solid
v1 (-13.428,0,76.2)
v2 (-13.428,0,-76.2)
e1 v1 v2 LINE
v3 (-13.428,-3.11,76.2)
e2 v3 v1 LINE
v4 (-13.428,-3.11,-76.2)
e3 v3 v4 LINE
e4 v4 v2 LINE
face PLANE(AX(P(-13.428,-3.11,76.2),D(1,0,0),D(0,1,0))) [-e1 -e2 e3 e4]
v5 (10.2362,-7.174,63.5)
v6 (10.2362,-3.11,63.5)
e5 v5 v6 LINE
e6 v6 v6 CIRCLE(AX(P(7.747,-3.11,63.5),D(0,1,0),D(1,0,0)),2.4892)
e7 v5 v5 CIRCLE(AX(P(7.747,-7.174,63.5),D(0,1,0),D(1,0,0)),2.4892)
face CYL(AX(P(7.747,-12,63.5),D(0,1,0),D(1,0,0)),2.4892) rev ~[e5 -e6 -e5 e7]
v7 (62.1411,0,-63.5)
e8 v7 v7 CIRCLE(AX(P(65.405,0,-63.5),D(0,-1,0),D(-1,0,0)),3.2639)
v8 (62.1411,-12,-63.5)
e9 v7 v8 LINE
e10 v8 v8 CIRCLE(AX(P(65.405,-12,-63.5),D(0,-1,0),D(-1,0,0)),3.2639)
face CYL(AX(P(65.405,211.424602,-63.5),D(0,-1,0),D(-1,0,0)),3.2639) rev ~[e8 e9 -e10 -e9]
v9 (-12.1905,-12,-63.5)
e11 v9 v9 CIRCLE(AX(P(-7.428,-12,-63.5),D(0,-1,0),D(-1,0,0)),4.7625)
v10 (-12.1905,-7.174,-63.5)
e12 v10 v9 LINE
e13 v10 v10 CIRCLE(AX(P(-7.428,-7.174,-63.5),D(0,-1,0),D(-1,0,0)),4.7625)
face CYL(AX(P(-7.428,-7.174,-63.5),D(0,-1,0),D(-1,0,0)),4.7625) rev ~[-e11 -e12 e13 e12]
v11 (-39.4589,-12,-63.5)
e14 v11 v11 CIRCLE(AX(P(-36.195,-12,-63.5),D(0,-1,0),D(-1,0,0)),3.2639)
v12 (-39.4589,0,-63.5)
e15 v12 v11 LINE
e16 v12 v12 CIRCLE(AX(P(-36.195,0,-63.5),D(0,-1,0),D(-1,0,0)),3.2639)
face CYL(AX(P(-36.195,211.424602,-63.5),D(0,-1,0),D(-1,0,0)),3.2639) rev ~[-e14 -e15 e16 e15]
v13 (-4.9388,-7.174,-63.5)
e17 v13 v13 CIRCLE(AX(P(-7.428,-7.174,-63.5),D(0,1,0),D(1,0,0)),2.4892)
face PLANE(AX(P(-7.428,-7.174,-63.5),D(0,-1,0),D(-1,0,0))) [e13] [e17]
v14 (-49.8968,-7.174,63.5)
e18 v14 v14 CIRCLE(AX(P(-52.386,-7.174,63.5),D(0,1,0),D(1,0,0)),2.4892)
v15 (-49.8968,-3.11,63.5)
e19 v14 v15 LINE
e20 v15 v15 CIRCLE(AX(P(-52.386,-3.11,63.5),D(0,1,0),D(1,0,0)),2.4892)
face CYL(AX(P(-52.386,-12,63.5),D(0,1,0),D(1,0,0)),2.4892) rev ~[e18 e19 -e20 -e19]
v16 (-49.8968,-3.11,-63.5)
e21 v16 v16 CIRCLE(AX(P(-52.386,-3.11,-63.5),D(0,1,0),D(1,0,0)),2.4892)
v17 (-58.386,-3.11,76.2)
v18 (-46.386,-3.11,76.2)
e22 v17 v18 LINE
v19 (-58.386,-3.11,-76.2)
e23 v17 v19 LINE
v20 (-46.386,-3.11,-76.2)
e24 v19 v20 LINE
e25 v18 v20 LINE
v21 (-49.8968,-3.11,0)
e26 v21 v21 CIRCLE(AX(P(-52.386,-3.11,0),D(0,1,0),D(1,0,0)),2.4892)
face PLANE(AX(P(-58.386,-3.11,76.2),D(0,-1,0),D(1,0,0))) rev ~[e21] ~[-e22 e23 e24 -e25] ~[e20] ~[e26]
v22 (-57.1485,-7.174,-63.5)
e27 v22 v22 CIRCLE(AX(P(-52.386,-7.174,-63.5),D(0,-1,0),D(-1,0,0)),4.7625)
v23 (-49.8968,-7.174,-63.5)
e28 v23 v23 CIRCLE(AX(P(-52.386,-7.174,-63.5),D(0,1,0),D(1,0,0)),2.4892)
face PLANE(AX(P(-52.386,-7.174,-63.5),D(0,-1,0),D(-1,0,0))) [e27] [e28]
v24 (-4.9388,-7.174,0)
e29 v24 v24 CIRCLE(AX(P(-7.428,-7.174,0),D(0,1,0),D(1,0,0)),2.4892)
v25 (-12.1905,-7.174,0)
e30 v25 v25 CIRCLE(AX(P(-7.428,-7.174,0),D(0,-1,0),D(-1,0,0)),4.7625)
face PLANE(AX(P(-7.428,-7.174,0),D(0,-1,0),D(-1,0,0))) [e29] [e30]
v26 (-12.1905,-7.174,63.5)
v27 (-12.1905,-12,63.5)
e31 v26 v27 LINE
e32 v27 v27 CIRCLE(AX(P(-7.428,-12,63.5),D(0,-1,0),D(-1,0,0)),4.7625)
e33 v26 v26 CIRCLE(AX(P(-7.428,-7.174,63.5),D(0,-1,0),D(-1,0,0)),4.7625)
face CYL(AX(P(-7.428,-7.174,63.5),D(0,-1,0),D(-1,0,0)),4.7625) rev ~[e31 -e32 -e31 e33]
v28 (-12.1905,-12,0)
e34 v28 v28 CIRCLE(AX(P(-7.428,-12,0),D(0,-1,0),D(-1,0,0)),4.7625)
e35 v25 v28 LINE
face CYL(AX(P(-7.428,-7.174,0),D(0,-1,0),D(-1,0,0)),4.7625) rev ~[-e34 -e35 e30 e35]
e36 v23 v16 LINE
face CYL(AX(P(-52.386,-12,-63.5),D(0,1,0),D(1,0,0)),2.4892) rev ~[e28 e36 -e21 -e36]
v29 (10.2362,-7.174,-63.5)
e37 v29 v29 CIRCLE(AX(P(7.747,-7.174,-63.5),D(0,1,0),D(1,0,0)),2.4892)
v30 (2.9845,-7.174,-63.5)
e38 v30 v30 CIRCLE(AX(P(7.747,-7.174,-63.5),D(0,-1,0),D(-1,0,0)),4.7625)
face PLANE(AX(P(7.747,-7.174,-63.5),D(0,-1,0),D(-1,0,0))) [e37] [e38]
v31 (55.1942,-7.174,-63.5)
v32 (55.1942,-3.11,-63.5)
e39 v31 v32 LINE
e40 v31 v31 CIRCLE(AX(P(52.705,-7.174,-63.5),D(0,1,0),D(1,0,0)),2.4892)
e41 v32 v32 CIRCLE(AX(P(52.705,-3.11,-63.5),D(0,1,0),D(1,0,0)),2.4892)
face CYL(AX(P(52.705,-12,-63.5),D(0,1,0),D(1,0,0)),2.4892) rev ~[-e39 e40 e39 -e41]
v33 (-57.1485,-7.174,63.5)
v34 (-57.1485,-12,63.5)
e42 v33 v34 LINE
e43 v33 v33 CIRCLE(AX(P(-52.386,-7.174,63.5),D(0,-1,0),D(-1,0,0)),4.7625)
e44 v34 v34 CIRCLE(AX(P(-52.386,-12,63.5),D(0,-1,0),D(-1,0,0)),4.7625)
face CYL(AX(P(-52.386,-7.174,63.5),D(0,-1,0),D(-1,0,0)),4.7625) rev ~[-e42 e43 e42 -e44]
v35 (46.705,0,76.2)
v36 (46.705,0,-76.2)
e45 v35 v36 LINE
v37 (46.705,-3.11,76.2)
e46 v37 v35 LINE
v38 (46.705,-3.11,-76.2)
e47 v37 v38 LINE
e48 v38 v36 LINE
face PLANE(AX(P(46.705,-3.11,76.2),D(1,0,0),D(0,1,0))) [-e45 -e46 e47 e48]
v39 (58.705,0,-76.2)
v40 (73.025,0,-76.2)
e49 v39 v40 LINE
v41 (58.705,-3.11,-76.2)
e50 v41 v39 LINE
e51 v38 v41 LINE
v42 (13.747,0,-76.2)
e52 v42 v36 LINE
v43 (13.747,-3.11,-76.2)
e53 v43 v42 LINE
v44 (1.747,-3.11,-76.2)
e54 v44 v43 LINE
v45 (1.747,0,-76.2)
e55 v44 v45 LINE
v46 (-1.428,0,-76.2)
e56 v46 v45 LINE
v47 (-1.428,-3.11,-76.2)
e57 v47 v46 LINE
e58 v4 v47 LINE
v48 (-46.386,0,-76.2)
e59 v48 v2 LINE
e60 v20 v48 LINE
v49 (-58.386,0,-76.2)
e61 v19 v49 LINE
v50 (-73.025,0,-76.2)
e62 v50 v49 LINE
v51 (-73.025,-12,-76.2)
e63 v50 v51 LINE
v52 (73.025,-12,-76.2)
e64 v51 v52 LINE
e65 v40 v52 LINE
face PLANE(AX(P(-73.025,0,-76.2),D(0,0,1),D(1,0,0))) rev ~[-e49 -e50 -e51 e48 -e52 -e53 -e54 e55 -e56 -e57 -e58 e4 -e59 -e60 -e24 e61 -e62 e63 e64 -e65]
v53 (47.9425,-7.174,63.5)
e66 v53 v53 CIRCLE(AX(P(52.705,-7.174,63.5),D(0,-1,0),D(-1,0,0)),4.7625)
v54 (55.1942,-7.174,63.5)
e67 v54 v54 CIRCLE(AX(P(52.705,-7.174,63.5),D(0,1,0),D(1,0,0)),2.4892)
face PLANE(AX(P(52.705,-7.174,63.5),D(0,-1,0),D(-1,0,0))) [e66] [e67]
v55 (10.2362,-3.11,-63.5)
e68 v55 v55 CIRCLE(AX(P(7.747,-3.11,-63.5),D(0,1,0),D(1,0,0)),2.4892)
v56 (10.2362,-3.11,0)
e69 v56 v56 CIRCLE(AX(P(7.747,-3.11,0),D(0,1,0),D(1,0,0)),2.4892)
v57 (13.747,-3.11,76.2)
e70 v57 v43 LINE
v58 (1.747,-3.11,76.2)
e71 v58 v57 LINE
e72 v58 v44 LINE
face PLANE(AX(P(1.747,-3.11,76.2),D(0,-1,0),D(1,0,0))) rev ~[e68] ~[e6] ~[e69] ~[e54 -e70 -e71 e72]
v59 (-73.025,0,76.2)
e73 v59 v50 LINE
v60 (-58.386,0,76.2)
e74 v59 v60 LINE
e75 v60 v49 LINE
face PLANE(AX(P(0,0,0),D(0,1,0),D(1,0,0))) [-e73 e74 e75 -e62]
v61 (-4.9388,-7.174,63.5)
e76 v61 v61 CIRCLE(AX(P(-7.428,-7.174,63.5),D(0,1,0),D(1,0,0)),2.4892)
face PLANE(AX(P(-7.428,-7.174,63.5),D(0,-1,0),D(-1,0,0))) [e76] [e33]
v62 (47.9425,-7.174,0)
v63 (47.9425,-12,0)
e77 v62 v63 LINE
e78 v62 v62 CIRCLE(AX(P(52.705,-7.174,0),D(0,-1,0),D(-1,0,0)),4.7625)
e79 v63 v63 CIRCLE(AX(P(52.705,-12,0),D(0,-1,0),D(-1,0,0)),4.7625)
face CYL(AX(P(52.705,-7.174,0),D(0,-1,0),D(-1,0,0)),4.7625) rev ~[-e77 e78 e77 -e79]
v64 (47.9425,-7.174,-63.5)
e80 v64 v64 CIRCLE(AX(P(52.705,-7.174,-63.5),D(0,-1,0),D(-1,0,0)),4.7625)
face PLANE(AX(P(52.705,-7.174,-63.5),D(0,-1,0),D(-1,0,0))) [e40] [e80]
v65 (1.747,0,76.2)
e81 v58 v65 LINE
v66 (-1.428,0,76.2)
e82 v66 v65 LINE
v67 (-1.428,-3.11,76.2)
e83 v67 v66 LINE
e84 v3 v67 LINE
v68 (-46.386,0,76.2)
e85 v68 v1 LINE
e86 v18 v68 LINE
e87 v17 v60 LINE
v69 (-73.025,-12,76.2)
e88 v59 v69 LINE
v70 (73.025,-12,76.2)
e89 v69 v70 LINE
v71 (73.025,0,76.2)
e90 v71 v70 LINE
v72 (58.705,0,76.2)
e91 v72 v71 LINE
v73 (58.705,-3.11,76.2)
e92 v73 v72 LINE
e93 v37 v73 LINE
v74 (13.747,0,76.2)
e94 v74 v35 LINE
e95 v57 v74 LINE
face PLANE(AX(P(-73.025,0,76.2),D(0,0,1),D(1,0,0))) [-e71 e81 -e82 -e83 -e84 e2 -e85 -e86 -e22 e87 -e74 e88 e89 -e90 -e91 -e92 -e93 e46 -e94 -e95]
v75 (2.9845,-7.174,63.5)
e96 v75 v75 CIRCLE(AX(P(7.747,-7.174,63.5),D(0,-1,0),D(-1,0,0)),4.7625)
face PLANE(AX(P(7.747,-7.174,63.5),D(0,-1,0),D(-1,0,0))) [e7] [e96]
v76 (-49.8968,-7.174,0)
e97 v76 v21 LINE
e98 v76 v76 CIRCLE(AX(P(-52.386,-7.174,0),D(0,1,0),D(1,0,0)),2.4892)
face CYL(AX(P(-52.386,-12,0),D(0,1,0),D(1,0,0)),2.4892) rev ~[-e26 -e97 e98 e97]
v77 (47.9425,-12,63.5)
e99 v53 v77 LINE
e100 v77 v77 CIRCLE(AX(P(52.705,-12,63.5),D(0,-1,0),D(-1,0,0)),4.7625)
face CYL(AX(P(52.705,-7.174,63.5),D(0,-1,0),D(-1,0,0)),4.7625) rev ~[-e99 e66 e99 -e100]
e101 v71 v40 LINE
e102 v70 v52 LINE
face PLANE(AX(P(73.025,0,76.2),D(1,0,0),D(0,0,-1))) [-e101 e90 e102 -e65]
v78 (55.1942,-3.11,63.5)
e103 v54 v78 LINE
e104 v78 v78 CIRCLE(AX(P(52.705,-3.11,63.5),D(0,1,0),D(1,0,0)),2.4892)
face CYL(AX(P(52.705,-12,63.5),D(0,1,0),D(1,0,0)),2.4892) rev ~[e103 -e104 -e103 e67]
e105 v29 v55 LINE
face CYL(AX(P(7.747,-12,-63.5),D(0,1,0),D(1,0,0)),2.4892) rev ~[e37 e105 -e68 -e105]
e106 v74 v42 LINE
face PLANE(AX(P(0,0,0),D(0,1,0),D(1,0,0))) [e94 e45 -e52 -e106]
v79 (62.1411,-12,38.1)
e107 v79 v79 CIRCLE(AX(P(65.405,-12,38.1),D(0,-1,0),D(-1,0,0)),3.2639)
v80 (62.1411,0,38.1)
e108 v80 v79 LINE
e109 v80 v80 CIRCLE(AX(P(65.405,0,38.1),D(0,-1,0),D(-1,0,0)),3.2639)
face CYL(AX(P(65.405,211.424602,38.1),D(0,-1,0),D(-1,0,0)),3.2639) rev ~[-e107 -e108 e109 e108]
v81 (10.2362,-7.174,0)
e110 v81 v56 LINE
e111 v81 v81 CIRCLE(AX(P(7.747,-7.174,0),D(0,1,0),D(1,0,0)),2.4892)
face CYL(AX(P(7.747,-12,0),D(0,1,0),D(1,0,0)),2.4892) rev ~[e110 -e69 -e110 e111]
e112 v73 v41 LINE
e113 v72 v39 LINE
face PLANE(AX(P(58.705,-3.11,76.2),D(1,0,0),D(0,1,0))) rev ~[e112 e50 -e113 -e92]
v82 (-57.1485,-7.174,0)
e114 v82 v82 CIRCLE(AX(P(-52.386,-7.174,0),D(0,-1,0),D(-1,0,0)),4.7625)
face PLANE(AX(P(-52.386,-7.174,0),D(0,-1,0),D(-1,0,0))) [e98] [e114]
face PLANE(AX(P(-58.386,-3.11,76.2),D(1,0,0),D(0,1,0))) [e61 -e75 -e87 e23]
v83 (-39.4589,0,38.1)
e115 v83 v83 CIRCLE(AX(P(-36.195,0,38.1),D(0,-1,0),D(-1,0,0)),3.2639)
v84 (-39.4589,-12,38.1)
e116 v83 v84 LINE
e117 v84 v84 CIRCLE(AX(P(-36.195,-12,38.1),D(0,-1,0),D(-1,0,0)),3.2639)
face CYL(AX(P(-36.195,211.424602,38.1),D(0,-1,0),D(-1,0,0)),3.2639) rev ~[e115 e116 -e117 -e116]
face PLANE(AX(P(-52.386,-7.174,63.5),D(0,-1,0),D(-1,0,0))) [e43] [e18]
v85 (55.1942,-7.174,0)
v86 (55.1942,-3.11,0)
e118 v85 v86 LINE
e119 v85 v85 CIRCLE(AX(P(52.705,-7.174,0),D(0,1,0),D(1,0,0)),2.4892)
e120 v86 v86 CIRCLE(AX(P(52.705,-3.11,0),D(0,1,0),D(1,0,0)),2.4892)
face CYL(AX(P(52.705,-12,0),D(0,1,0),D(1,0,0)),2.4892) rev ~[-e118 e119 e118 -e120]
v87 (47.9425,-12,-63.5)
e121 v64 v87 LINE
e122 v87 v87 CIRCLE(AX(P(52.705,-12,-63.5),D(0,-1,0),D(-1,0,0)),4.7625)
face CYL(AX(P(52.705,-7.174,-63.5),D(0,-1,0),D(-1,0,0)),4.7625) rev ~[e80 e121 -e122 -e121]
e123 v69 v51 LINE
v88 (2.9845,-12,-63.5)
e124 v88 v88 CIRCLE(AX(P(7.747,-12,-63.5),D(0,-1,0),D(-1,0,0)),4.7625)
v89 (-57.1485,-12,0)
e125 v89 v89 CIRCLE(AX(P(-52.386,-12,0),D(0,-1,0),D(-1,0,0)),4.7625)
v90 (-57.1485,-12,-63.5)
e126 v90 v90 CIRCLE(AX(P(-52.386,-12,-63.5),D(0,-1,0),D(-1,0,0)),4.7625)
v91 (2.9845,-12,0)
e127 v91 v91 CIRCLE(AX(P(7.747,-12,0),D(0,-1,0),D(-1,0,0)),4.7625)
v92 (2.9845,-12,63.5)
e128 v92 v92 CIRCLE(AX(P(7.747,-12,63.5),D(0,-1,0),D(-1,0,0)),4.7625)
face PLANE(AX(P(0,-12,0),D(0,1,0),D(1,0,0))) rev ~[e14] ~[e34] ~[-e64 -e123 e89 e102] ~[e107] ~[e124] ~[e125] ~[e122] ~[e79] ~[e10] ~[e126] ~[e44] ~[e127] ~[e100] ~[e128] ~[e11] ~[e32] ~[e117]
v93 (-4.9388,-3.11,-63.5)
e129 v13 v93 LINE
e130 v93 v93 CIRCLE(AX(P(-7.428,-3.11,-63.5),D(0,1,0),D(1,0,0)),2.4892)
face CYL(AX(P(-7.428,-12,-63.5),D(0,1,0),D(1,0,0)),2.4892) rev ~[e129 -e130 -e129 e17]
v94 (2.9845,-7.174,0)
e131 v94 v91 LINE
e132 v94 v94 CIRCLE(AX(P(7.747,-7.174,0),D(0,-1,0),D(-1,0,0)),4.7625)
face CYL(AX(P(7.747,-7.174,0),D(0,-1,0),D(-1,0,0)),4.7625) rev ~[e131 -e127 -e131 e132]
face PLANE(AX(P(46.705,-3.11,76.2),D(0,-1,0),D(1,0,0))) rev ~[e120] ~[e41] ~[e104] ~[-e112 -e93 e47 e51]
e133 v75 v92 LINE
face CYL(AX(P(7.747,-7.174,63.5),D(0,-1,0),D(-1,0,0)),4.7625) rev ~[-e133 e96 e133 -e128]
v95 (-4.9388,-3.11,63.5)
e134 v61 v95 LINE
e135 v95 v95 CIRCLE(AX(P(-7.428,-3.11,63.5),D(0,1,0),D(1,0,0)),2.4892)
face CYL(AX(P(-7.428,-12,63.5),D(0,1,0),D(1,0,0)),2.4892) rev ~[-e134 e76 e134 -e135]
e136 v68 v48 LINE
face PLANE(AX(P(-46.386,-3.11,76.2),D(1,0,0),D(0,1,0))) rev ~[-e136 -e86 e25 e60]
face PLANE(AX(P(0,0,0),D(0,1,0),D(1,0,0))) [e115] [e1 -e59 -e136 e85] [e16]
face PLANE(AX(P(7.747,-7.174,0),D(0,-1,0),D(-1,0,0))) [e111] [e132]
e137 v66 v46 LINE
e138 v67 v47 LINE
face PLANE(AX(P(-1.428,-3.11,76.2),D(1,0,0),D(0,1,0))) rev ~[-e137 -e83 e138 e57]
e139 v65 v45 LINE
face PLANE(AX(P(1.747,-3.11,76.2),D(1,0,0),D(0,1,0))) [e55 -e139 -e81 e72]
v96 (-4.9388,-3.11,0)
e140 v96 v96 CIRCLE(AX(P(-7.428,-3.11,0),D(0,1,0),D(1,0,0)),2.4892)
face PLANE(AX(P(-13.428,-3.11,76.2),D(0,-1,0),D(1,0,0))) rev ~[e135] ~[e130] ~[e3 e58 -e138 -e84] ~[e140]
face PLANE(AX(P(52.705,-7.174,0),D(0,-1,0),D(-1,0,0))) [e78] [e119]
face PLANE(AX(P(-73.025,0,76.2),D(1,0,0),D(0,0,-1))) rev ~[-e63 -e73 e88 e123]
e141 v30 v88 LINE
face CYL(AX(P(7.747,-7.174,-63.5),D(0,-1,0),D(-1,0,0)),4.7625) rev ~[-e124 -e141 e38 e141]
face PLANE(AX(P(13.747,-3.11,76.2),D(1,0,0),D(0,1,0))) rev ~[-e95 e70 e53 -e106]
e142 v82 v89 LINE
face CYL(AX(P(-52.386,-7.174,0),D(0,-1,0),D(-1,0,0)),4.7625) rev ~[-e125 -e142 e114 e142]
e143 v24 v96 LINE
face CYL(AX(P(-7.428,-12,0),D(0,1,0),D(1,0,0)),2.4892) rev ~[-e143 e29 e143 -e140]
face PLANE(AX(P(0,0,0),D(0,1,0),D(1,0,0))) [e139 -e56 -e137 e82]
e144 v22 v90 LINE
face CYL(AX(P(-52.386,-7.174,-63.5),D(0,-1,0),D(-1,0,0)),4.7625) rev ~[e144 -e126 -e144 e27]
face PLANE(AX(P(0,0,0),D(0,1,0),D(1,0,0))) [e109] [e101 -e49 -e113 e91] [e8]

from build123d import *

# Parameters (mm, degrees)
SKETCH1_W                                       = 146.05
SKETCH1_H                                       = 152.4
BOSS_EXTRUDE1_DEPTH                             = 12
F_1_4_CLEARANCE_HOLE1_D                         = 6.5278
SKETCH4_W                                       = 12
SKETCH4_H                                       = 3.11
CUT_EXTRUDE1_DEPTH                              = 170.417858046
CBORE_FOR_10_SOCKET_HEAD_CAP_SCREW1_D           = 4.9784
CBORE_FOR_10_SOCKET_HEAD_CAP_SCREW1_CBORE_D     = 9.525
CBORE_FOR_10_SOCKET_HEAD_CAP_SCREW1_CBORE_DEPTH = 4.826
LPATTERN1_COUNT                                 = 2
LPATTERN1_PITCH                                 = 44.958
LPATTERN1_COUNT_DIR2                            = 2
LPATTERN1_PITCH_DIR2                            = 60.132999876


with BuildPart() as part:
    # Sketch1 → Boss-Extrude1 (new body)
    with BuildSketch(Plane(origin=(0, 0, 0), x_dir=(1, 0, 0), z_dir=(0, 1, 0))):
        Rectangle(SKETCH1_W, SKETCH1_H)
    extrude(amount=-BOSS_EXTRUDE1_DEPTH)

    # 1/4 Clearance Hole1 (through all)
    with Locations(Plane(origin=(0, 0, 0), x_dir=(1, 0, 0), z_dir=(0, 1, 0))):
        with Locations((-36.195, 63.5), (-36.195, -38.1), (65.405, -38.1), (65.405, 63.5)):
            Hole(F_1_4_CLEARANCE_HOLE1_D / 2)

    # Sketch4 → Cut-Extrude1 (cut, through all)
    with BuildSketch(Plane.XY.offset(76.2)):
        with Locations((52.705, -1.555)):
            Rectangle(SKETCH4_W, SKETCH4_H)
    cut_extrude1 = extrude(amount=-CUT_EXTRUDE1_DEPTH, mode=Mode.SUBTRACT)

    # CBORE for #10 Socket Head Cap Screw1 (through all)
    with Locations(Plane(origin=(0, -12, 0), x_dir=(-1, 0, 0), z_dir=(0, -1, 0))):
        with Locations((-52.705, -63.5), (-52.705, 63.5), (-52.705, 0)):
            cbore_for_10_socket_head_cap_screw1 = CounterBoreHole(CBORE_FOR_10_SOCKET_HEAD_CAP_SCREW1_D / 2, CBORE_FOR_10_SOCKET_HEAD_CAP_SCREW1_CBORE_D / 2, CBORE_FOR_10_SOCKET_HEAD_CAP_SCREW1_CBORE_DEPTH)

    # LPattern1: Cut-Extrude1, CBORE for _10 Socket Head Cap Screw1 2 × 2
    with Locations(*[Vector(-1, 0, 0) * (i * LPATTERN1_PITCH) + Vector(-1, 0, 0) * (j * LPATTERN1_PITCH_DIR2) for i in range(LPATTERN1_COUNT) for j in range(LPATTERN1_COUNT_DIR2) if (i, j) != (0, 0)]):
        add(cut_extrude1, mode=Mode.SUBTRACT)
        add(cbore_for_10_socket_head_cap_screw1, mode=Mode.SUBTRACT)


solid = part.part
